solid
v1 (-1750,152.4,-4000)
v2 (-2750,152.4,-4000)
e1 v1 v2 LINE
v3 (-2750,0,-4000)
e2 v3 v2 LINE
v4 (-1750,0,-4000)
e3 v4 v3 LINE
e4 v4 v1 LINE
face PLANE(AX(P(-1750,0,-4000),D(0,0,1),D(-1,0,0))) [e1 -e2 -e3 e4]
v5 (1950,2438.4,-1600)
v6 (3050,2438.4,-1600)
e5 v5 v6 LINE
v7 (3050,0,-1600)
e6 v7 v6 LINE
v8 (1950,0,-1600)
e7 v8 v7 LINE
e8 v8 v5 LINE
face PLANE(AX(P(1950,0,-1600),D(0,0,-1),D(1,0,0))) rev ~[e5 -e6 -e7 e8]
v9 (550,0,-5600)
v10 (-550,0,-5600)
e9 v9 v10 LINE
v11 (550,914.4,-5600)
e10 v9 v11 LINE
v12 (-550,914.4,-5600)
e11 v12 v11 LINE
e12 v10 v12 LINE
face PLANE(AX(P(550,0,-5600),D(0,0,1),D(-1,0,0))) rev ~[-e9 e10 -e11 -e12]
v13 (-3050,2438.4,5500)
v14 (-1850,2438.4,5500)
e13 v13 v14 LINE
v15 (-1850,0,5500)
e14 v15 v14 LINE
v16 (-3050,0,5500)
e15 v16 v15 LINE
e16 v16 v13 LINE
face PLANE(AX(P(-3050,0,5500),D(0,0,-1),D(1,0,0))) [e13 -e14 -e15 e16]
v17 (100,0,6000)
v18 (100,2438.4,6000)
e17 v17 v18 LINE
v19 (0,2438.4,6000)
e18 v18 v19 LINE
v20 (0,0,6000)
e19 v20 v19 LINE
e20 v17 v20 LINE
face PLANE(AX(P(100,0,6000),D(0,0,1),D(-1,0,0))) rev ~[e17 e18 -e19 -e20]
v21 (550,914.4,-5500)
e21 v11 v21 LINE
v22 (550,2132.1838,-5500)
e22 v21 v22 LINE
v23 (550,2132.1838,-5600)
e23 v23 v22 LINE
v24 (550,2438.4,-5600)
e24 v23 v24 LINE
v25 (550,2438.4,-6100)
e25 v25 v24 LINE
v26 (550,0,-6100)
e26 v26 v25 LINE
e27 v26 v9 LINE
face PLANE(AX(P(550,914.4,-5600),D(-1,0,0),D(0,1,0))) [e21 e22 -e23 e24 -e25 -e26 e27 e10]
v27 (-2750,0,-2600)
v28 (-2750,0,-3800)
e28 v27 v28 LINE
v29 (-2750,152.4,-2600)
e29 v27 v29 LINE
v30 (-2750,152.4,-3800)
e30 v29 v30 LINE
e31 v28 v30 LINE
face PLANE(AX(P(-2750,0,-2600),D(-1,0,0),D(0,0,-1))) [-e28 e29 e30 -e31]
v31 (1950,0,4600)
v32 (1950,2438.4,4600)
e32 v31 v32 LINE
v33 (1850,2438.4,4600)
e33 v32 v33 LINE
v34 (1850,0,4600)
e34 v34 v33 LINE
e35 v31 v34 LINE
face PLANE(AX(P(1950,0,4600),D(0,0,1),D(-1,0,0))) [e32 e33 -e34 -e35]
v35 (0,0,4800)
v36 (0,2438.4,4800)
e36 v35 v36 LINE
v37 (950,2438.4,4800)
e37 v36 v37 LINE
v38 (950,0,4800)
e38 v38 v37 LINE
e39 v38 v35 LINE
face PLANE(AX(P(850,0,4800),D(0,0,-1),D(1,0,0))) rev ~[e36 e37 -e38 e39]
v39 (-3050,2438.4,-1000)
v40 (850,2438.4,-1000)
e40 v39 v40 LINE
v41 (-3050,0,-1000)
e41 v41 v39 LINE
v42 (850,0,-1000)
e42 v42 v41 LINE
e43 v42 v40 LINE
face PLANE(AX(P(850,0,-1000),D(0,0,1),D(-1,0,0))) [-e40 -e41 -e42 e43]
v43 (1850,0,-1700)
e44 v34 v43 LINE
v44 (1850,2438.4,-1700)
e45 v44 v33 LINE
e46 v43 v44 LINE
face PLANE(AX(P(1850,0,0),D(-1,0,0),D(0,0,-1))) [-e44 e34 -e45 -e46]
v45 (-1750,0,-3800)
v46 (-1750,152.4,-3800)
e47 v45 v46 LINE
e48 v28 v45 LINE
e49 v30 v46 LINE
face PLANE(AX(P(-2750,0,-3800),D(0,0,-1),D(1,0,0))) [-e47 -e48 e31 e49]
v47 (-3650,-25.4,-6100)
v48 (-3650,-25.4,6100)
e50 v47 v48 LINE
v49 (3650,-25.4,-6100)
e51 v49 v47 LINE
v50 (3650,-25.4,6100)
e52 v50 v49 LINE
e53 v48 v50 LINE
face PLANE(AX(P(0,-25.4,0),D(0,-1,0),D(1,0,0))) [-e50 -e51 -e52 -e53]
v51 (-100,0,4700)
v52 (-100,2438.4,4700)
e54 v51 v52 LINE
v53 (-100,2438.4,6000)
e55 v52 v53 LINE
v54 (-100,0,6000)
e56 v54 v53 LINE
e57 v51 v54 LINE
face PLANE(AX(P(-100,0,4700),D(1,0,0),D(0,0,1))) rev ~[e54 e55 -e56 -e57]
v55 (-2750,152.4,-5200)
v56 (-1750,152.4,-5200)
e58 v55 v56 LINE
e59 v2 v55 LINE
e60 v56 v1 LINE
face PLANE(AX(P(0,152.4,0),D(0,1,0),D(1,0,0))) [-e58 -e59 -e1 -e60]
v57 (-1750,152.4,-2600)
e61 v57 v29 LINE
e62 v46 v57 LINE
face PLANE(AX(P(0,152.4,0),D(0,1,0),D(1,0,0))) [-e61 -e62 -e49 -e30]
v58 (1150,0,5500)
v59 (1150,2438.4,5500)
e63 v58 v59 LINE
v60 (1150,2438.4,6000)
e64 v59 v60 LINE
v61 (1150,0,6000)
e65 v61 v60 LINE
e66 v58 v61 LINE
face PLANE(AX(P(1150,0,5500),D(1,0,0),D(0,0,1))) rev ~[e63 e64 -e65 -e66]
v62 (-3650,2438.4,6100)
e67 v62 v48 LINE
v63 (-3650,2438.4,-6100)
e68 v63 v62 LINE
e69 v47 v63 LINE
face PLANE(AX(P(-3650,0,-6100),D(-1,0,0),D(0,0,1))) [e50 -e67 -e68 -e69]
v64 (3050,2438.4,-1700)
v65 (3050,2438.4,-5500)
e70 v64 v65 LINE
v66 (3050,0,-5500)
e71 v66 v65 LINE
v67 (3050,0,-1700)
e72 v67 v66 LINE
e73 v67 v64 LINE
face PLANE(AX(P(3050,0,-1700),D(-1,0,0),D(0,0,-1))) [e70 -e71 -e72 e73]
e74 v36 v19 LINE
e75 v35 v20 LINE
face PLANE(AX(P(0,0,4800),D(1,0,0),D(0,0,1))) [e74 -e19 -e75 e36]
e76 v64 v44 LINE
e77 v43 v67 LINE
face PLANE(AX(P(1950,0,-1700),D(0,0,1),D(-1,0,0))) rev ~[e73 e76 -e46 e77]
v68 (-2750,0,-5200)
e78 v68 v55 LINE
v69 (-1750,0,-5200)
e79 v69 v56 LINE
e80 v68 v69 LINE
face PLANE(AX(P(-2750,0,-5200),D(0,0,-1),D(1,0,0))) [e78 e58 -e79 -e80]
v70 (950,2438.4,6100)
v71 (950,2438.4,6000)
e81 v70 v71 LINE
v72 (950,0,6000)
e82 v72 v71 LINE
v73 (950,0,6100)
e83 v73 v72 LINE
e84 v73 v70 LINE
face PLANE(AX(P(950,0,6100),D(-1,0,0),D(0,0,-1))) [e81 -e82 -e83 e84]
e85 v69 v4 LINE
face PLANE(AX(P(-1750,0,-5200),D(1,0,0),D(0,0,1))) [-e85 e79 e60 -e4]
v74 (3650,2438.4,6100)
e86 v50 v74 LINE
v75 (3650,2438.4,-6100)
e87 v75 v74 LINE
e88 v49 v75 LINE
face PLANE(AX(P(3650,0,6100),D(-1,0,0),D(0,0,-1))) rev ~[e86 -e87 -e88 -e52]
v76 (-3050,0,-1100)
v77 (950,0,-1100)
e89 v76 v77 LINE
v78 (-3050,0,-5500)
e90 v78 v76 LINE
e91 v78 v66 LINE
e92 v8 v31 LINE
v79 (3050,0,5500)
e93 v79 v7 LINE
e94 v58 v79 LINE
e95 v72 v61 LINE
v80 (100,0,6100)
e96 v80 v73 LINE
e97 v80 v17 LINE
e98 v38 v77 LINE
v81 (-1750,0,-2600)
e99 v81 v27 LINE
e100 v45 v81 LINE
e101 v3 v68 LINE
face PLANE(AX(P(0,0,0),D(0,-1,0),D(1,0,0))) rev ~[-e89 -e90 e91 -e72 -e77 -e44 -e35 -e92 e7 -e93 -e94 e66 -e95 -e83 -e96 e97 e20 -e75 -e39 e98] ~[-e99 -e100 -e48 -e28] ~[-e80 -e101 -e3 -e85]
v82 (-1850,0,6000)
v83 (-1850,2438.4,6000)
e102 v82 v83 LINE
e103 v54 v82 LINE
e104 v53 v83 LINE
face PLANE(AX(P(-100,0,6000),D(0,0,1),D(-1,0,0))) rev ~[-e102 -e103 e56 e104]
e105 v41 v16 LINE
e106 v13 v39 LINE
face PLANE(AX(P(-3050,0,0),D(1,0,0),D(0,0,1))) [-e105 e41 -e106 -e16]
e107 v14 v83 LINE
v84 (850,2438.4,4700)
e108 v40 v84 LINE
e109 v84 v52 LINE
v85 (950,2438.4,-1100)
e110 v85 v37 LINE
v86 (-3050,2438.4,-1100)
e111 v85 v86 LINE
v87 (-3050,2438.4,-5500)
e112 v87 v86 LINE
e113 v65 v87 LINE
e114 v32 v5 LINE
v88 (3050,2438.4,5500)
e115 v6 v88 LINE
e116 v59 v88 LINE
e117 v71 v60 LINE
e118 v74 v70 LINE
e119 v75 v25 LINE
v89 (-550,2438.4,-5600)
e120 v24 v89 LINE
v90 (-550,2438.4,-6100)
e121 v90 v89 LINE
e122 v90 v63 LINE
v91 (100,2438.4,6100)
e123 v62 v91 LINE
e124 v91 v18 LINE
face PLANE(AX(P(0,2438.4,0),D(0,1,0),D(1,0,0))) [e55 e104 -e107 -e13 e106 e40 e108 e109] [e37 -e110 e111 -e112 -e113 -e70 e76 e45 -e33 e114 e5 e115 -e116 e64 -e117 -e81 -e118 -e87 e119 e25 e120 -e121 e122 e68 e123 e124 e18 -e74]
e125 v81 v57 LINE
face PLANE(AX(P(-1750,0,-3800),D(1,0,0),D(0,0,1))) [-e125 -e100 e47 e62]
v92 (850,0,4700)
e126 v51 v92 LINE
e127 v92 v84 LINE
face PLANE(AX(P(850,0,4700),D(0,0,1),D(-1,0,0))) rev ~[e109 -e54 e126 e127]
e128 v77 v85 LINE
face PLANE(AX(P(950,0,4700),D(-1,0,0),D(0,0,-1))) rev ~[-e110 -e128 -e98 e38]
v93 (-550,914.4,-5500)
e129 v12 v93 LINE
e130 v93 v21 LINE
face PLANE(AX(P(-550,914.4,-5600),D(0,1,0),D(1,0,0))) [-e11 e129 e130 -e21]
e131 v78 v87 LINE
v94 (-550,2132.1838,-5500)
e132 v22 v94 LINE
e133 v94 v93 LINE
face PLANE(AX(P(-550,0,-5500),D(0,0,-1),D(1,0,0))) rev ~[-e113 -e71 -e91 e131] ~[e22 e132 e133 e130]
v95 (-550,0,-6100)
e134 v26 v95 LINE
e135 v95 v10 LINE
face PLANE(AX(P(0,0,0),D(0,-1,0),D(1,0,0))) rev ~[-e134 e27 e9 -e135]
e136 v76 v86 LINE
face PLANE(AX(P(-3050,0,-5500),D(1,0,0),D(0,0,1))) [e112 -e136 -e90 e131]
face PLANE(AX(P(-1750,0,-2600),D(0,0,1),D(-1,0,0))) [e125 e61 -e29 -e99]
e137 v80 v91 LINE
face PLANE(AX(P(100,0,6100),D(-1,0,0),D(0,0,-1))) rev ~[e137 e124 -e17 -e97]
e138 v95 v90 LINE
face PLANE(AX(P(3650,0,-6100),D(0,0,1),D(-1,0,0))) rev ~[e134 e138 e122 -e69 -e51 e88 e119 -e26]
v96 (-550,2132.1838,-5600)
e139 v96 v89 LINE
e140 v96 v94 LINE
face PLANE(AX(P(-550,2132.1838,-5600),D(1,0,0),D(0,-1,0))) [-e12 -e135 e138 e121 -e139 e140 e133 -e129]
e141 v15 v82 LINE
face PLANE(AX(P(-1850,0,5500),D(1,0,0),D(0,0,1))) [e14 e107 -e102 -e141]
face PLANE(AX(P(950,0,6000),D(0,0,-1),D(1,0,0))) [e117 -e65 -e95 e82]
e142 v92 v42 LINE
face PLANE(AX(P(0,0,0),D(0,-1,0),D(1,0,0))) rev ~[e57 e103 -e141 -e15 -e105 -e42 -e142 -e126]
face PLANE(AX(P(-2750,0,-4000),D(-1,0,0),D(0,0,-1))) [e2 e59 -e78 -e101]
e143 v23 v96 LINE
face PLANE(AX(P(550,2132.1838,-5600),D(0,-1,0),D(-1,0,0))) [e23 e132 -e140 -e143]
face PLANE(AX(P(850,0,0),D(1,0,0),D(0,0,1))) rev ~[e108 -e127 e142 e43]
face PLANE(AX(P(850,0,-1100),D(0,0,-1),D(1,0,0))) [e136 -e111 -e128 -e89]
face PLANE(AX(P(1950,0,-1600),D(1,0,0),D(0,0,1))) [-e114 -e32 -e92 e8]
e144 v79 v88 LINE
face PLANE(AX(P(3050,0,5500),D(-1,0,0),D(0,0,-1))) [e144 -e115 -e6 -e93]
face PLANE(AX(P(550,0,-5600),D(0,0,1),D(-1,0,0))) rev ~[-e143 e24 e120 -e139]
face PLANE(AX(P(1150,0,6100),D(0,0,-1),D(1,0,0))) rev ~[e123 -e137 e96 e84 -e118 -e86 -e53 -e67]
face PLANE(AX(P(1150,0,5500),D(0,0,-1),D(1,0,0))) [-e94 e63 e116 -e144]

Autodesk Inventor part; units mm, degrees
ref_plane "YZ Plane" through (0, 0, 0) normal (1, 0, 0) x (0, 1, 0)
ref_plane "XZ Plane" through (0, 0, 0) normal (0, 1, 0) x (-1, 0, 0)
ref_plane "XY Plane" through (0, 0, 0) normal (0, 0, 1) x (1, 0, 0)
sketch "Sketch1" plane through (0, 0, 0) normal (0, 1, 0) x (-1, 0, 0)
  line L0 (-3650, 6100) -> (-3650, -6100)
  line L1 (3650, -6100) -> (3650, 6100)
  line L2 (-3050, 5500) -> (-3050, -5500)
  line L3 (3050, -5500) -> (3050, 5500)
  line L4 (5110, 0) -> (-5110, 0) projected
  line L5 (0, -8540) -> (0, 8540) projected
  line L6 (-1150, 5500) -> (-1150, 6100)
  line L7 (1850, 5500) -> (1850, 6100)
  line L8 (550, -6100) -> (550, -5500)
  line L9 (-550, -6100) -> (-550, -5500)
  line L10 (-3650, -6100) -> (-550, -6100)
  line L11 (550, -6100) -> (3650, -6100)
  line L12 (-3050, -5500) -> (-550, -5500)
  line L13 (550, -5500) -> (3050, -5500)
  line L14 (3650, 6100) -> (1850, 6100)
  line L15 (-1150, 6100) -> (-3650, 6100)
  line L16 (3050, 5500) -> (1850, 5500)
  line L17 (-1150, 5500) -> (-3050, 5500)
  line L18 (3050, -1100) -> (-950, -1100)
  line L19 (-950, -1100) -> (-950, -1000)
  line L20 (-850, -1000) -> (3050, -1000)
  line L21 (3050, -1000) -> (3050, -1100)
  line L22 (1850, 6100) -> (-100, 6100)
  line L23 (-100, 6100) -> (-100, 6000)
  line L24 (1850, 6000) -> (1850, 6100)
  line L25 (0, 6000) -> (0, 4800)
  line L26 (100, 4700) -> (100, 6000)
  line L27 (-100, 6000) -> (0, 6000)
  line L28 (100, 6000) -> (1850, 6000)
  line L29 (-1150, 6100) -> (-950, 6100)
  line L30 (-950, 6100) -> (-950, 6000)
  line L31 (-950, 6000) -> (-1150, 6000)
  line L32 (-1150, 6000) -> (-1150, 6100)
  line L33 (0, 4800) -> (-950, 4800)
  line L34 (-950, 4800) -> (-950, 4700)
  line L35 (-850, 4700) -> (100, 4700)
  line L36 (100, 4700) -> (100, 4700)
  line L37 (-950, -1100) -> (-850, -1100)
  line L38 (-850, -1000) -> (-850, 4700)
  line L39 (-850, 4800) -> (-950, 4800)
  line L40 (-950, 4800) -> (-950, -1100)
  line L41 (-3050, -1700) -> (-1850, -1700)
  line L42 (-1850, -1700) -> (-1850, -1600)
  line L43 (-1950, -1600) -> (-3050, -1600)
  line L44 (-3050, -1600) -> (-3050, -1700)
  line L45 (-1850, -1700) -> (-1950, -1700)
  line L46 (-1950, -1600) -> (-1950, 4600)
  line L47 (-1950, 4600) -> (-1850, 4600)
  line L48 (-1850, 4600) -> (-1850, -1700)
  point P0 (0, 0)
  dimension "d0" = 7300
  dimension "d2" = 6100
  dimension "d5" = 1900
  dimension "d6" = 3000
  dimension "d7" = 2500
  dimension "d8" = 2500
  dimension "d9" = 12200
  dimension "d10" = 11000
  dimension "d11" = 100
  dimension "d12" = 4000
  dimension "d16" = 100
  dimension "d17" = 100
  dimension "d18" = 100
  dimension "d19" = 200
  dimension "d20" = 100
  dimension "d22" = 1200
  dimension "d23" = 6500
  dimension "d24" = 100
  dimension "d25" = 100
  dimension "d26" = 1200
  dimension "d27" = 3800
  dimension "d28" = 100
  dimension "d29" = 6300
extrude "Extrusion1" add sketch "Sketch1" along normal blind 2438.4 contours L15 L6 L17 L2 L4 L0 | L40 L34 L33 L5 L35 L38 L4 | L4 L38 L20 L5 L18 L19 L40 | L4 L2 L12 L9 L10 L0 | L29 L30 L31 L6 | L43 L46 L4 L48 L42 L41 L2 | L46 L47 L48 L4 | L4 L1 L11 L8 L13 L3 | L3 L16 L7 L14 L1 L4 | L20 L3 L18 L5 | L5 L22 L7 L28 L26 L35 | L27 L23 L22 L5
sketch "Sketch2" plane through (0, 0, 0) normal (0, -1, 0) x (1, 0, 0)
  line L0 (-100, 6000) -> (-1850, 6000) projected
  line L1 (-100, 4700) -> (-100, 6000) projected
  line L2 (850, 4700) -> (-100, 4700) projected
  line L3 (850, -1000) -> (850, 4700) projected
  line L4 (-3050, -1000) -> (850, -1000) projected
  line L5 (-3050, 5500) -> (-3050, -1000) projected
  line L6 (-1850, 5500) -> (-3050, 5500) projected
  line L7 (-1850, 6000) -> (-1850, 5500) projected
  line L8 (-3650, 6100) -> (100, 6100) projected
  line L9 (-3650, -6100) -> (-3650, 6100) projected
  line L10 (-550, -6100) -> (-3650, -6100) projected
  line L11 (-550, -5500) -> (-550, -6100) projected
  line L12 (-3050, -5500) -> (-550, -5500) projected
  line L13 (-3050, -1100) -> (-3050, -5500) projected
  line L14 (950, -1100) -> (-3050, -1100) projected
  line L15 (950, 4800) -> (950, -1100) projected
  line L16 (0, 4800) -> (950, 4800) projected
  line L17 (0, 6000) -> (0, 4800) projected
  line L18 (100, 6000) -> (0, 6000) projected
  line L19 (100, 6100) -> (100, 6000) projected
  line L20 (-3650, 6100) -> (3650, 6100)
  line L21 (3650, 6100) -> (3650, -6100)
  line L22 (3650, -6100) -> (-3650, -6100)
  line L23 (-3650, -6100) -> (-3650, 6100)
  point P0 (0, 0)
extrude "Extrusion2" add sketch "Sketch2" along normal blind 25.4 contours L1 L2 L3 L4 L5 L6 L7 L0 | L8 L19 L18 L17 L16 L15 L14 L13 L12 L11 L10 L9 | L20 L21 L22 L11 L12 L13 L14 L15 L16 L17 L18 L19
sketch "Sketch6" plane through (0, 0, 0) normal (0, 1, 0) x (1, 0, 0)
  line L0 (550, 6100) -> (550, 5500) projected
  line L1 (-550, 5500) -> (550, 5500)
  line L2 (550, 5500) -> (550, 5600)
  line L3 (550, 5600) -> (-550, 5600)
  line L4 (-550, 5600) -> (-550, 5500)
  point P0 (0, 0)
  dimension "d102" = 100
extrude "Extrusion6" add sketch "Sketch6" along normal up to surface (2438.4 mm away)
sketch "Sketch7" plane through (550, 0, -5600) normal (0, 0, -1) x (-1, 0, 0)
  line L0 (0, 0) -> (0, 2438.4) projected
  line L1 (1100, 0) -> (0, 0) projected
  line L2 (1100, 2438.4) -> (1100, 0) projected
  line L3 (0, 2132.1838) -> (1100, 2132.1838)
  line L4 (1100, 2132.1838) -> (1100, 914.4)
  line L5 (1100, 914.4) -> (0, 914.4)
  line L6 (0, 914.4) -> (0, 2132.1838)
  point P0 (550, 0)
  dimension "d111" = 914.4
extrude "Extrusion7" cut sketch "Sketch7" against normal up to surface (100 mm away) contours L0 L3 L2 L5
sketch "Sketch4" plane through (0, 0, 0) normal (0, 1, 0) x (1, 0, 0)
  line L0 (-3050, 5500) -> (-550, 5500) projected
  line L1 (-3050, 1100) -> (-3050, 5500) projected
  line L2 (-2750, 5200) -> (-1750, 5200)
  line L3 (-1750, 5200) -> (-1750, 4000)
  line L4 (-1750, 4000) -> (-2750, 4000)
  line L5 (-2750, 4000) -> (-2750, 5200)
  line L6 (-2750, 3800) -> (-1750, 3800)
  line L7 (-1750, 3800) -> (-1750, 2600)
  line L8 (-1750, 2600) -> (-2750, 2600)
  line L9 (-2750, 2600) -> (-2750, 3800)
  point P0 (0, 0)
  dimension "d79" = 1000
  dimension "d80" = 1200
  dimension "d81" = 1200
  dimension "d82" = 200
  dimension "d83" = 300
  dimension "d84" = 300
extrude "Pallets" add sketch "Sketch4" along normal blind 152.4
sketch "Sketch5" plane through (0, 0, 0) normal (0, 1, 0) x (1, 0, 0)
  line L0 (3050, 5500) -> (3050, 1700) projected
  line L1 (550, 5500) -> (3050, 5500) projected
  line L2 (-3050, 5500) -> (-550, 5500) projected
  line L3 (-3050, 1100) -> (-3050, 5500) projected
  line L4 (-2150, 5500) -> (-550, 5500)
  line L5 (-550, 5500) -> (-550, 4600)
  line L6 (-550, 4600) -> (-2150, 4600)
  line L7 (-2150, 4600) -> (-2150, 5500)
  line L8 (-3050, 4600) -> (-2150, 4600)
  line L9 (-2150, 4600) -> (-2150, 3000)
  line L10 (-2150, 3000) -> (-3050, 3000)
  line L11 (-3050, 3000) -> (-3050, 4600)
  line L12 (-350, 4400) -> (350, 4400)
  line L13 (350, 4400) -> (350, 3600)
  line L14 (350, 3600) -> (-350, 3600)
  line L15 (-350, 3600) -> (-350, 4400)
  line L16 (-2050, 3000) -> (-1250, 3000)
  line L17 (-1250, 3000) -> (-1250, 2300)
  line L18 (-1250, 2300) -> (-2050, 2300)
  line L19 (-2050, 2300) -> (-2050, 3000)
  point P0 (0, 0)
  dimension "d87" = 1600
  dimension "d88" = 900
  dimension "d89" = 900
  dimension "d90" = 1000
  dimension "d91" = 700
  dimension "d92" = 800
  dimension "d93" = 2700
  dimension "d94" = 1100
  dimension "d95" = 700
  dimension "d98" = 800
  dimension "d101" = 1600
sketch "Sketch3" plane through (0, 0, 0) normal (0, 1, 0) x (1, 0, 0)
  line L0 (1950, -4600) -> (1950, 1600) projected
  line L1 (3050, 1700) -> (1850, 1700) projected
  line L2 (3050, 5500) -> (3050, 1700) projected
  line L3 (550, 5500) -> (3050, 5500) projected
  line L4 (-550, 6100) -> (550, 6100) projected
  line L5 (-3050, 5500) -> (-550, 5500) projected
  line L6 (-3050, 1100) -> (-3050, 5500) projected
  line L7 (950, 1100) -> (-3050, 1100) projected
  line L8 (950, -4800) -> (950, 1100) projected
  line L9 (0, -4800) -> (950, -4800) projected
  circle A0 centre (-1050, 3400) radius 152.4
  circle A1 centre (1050, 3400) radius 152.4
  line L10 (-1050, 3247.6) -> (-745.2, 3247.6)
  line L11 (-745.2, 3247.6) -> (-745.2, 3552.4)
  line L12 (-745.2, 3552.4) -> (-1050, 3552.4)
  line L13 (-1050, 3552.4) -> (-1050, 3247.6)
  line L14 (-1050, 3247.6) -> (-745.2, 3552.4) construction
  line L15 (-745.2, 3247.6) -> (-1050, 3552.4) construction
  line L16 (745.2, 3247.6) -> (1050, 3247.6)
  line L17 (1050, 3247.6) -> (1050, 3552.4)
  line L18 (1050, 3552.4) -> (745.2, 3552.4)
  line L19 (745.2, 3552.4) -> (745.2, 3247.6)
  line L20 (745.2, 3247.6) -> (1050, 3552.4) construction
  line L21 (1050, 3247.6) -> (745.2, 3552.4) construction
  line L22 (0, 8570.48) -> (0, -8722.88) projected
  line L23 (2297.6, 2147.6) -> (2602.4, 2147.6)
  line L24 (2602.4, 2147.6) -> (2602.4, 2452.4)
  line L25 (2602.4, 2452.4) -> (2297.6, 2452.4)
  line L26 (2297.6, 2452.4) -> (2297.6, 2147.6)
  line L27 (2297.6, 2147.6) -> (2602.4, 2452.4) construction
  line L28 (2602.4, 2147.6) -> (2297.6, 2452.4) construction
  line L29 (1251.4208, -2447.6) -> (1556.2208, -2447.6)
  line L30 (1251.4208, -2142.8) -> (1251.4208, -2447.6)
  line L31 (1251.4208, -2447.6) -> (1556.2208, -2142.8) construction
  line L32 (1556.2208, -2447.6) -> (1251.4208, -2142.8) construction
  line L33 (1251.4208, -2752.4) -> (1556.2208, -2752.4)
  line L34 (1556.2208, -2752.4) -> (1556.2208, -2447.6)
  line L35 (1556.2208, -2447.6) -> (1251.4208, -2447.6)
  line L36 (1251.4208, -2447.6) -> (1251.4208, -2752.4)
  line L37 (1251.4208, -2752.4) -> (1556.2208, -2447.6) construction
  line L38 (1556.2208, -2752.4) -> (1251.4208, -2447.6) construction
  line L39 (1251.4208, -2142.8) -> (1556.2208, -2447.6)
  ellipse E0 centre (1403.8208, 246) end of major axis (1403.8208, 500) minor radius 152.4
  line L40 (1850, 1700) -> (1950, 1600)
  ellipse E1 centre (2029.6051, 1520.3949) end of major axis (2209.2102, 1340.7898) minor radius 152.4
  line L41 (1403.8208, 500) -> (1403.8208, -8)
  line L42 (-3050, 5500) -> (-2150, 5500) projected
  line L43 (-3050, 1100) -> (-3050, 3000) projected
  line L44 (950, 1100) -> (-3050, 1100) projected
  line L45 (950, -4800) -> (950, 1100) projected
  line L46 (0, -4800) -> (950, -4800) projected
  line L47 (0, -6000) -> (0, -4800) projected
  line L48 (100, -6000) -> (0, -6000) projected
  line L49 (100, -6100) -> (100, -6000) projected
  line L50 (950, -6100) -> (100, -6100) projected
  line L51 (950, -6000) -> (950, -6100) projected
  line L52 (1150, -6000) -> (950, -6000) projected
  line L53 (1150, -5500) -> (1150, -6000) projected
  line L54 (3050, -5500) -> (1150, -5500) projected
  line L55 (3050, 1600) -> (3050, -5500) projected
  line L56 (1950, 1600) -> (3050, 1600) projected
  line L57 (1950, -4600) -> (1950, 1600) projected
  line L58 (1850, -4600) -> (1950, -4600) projected
  line L59 (1850, 1700) -> (1850, -4600) projected
  line L60 (3050, 1700) -> (1850, 1700) projected
  line L61 (3050, 5500) -> (3050, 1700) projected
  line L62 (372.6, -6252.4) -> (677.4, -6252.4)
  line L63 (372.6, -5947.6) -> (372.6, -6252.4)
  line L64 (372.6, -6252.4) -> (601.2, -6023.8) construction
  line L65 (677.4, -6252.4) -> (372.6, -5947.6) construction
  line L66 (372.6, -5947.6) -> (677.4, -6252.4)
  line L67 (-550, 5500) -> (-550, 4600) projected
  line L68 (-550, 4600) -> (-1750, 4600) projected
  line L69 (-1750, 4600) -> (-1750, 4000) projected
  line L70 (-1750, 4000) -> (-2150, 4000) projected
  line L71 (-2150, 4000) -> (-2150, 3800) projected
  line L72 (-2150, 3800) -> (-1750, 3800) projected
  line L73 (-1750, 3800) -> (-1750, 3000) projected
  line L74 (-1750, 3000) -> (-1250, 3000) projected
  line L75 (-1250, 3000) -> (-1250, 2300) projected
  line L76 (-1250, 2300) -> (-2050, 2300) projected
  line L77 (-2050, 2300) -> (-2050, 2600) projected
  line L78 (-2050, 2600) -> (-2750, 2600) projected
  line L79 (-2750, 2600) -> (-2750, 3000) projected
  line L80 (-2750, 3000) -> (-3050, 3000) projected
  line L81 (-2150, 5200) -> (-2150, 5500) projected
  line L82 (-3050, 4600) -> (-2750, 4600) projected
  line L83 (-2750, 4600) -> (-2750, 5200) projected
  line L84 (-2750, 5200) -> (-2150, 5200) projected
  line L85 (-1850, -5500) -> (-3050, -5500) projected
  line L86 (-1850, -6000) -> (-1850, -5500) projected
  line L87 (-100, -6000) -> (-1850, -6000) projected
  line L88 (-100, -4700) -> (-100, -6000) projected
  line L89 (850, -4700) -> (-100, -4700) projected
  line L90 (850, 1000) -> (850, -4700) projected
  line L91 (-3050, 1000) -> (850, 1000) projected
  line L92 (-3050, -5500) -> (-3050, 1000) projected
  line L93 (152.4, 5347.6) -> (-152.4, 5347.6)
  line L94 (-152.4, 5347.6) -> (-152.4, 5652.4)
  line L95 (152.4, 5347.6) -> (-152.4, 5652.4) construction
  line L96 (-152.4, 5347.6) -> (152.4, 5652.4) construction
  line L97 (-152.4, 5652.4) -> (152.4, 5347.6)
  line L98 (-550, 5500) -> (3050, 5500) projected
  line L99 (-3050, 4600) -> (-3050, 5500) projected
  point P0 (0, 0)
  point P1 (-897.6, 3400)
  point P2 (897.6, 3400)
  point P3 (0, 6100)
  point P4 (2450, 2300)
  point P5 (1403.8208, -2295.2)
  point P6 (1403.8208, -2600)
  point P7 (525, -6100)
  point P8 (0, 5500)
  dimension "d73" = 152.4
  dimension "d74" = 254
  dimension "d75" = 254
  dimension "d76" = 152.4
  dimension "d34" = 2100
  dimension "d35" = 2000
  dimension "d36" = 2100
  dimension "d37" = 2000
  dimension "d38" = 304.8
  dimension "d39" = 304.8
  dimension "d40" = 2100
  dimension "d41" = 2100
  dimension "d43" = 304.8
  dimension "d44" = 304.8
  dimension "d45" = 304.8
  dimension "d51" = 600
  dimension "d52" = 600
  dimension "d53" = 304.8
  dimension "d54" = 304.8
  dimension "d56" = 2200
  dimension "d59" = 600
  dimension "d60" = 453.8208
  dimension "d61" = 453.8208
  dimension "d62" = 453.8208
  dimension "d63" = 304.8
  dimension "d65" = 304.8
  dimension "d66" = 304.8
  dimension "d107" = 304.8
  dimension "d108" = 304.8
  dimension "d109" = 45
  dimension "d110" = 152.4
  dimension "d116" = 304.8
  dimension "d117" = 304.8
  dimension "d118" = 152.4
properties part number "DelCo_2012_East_Structure"
